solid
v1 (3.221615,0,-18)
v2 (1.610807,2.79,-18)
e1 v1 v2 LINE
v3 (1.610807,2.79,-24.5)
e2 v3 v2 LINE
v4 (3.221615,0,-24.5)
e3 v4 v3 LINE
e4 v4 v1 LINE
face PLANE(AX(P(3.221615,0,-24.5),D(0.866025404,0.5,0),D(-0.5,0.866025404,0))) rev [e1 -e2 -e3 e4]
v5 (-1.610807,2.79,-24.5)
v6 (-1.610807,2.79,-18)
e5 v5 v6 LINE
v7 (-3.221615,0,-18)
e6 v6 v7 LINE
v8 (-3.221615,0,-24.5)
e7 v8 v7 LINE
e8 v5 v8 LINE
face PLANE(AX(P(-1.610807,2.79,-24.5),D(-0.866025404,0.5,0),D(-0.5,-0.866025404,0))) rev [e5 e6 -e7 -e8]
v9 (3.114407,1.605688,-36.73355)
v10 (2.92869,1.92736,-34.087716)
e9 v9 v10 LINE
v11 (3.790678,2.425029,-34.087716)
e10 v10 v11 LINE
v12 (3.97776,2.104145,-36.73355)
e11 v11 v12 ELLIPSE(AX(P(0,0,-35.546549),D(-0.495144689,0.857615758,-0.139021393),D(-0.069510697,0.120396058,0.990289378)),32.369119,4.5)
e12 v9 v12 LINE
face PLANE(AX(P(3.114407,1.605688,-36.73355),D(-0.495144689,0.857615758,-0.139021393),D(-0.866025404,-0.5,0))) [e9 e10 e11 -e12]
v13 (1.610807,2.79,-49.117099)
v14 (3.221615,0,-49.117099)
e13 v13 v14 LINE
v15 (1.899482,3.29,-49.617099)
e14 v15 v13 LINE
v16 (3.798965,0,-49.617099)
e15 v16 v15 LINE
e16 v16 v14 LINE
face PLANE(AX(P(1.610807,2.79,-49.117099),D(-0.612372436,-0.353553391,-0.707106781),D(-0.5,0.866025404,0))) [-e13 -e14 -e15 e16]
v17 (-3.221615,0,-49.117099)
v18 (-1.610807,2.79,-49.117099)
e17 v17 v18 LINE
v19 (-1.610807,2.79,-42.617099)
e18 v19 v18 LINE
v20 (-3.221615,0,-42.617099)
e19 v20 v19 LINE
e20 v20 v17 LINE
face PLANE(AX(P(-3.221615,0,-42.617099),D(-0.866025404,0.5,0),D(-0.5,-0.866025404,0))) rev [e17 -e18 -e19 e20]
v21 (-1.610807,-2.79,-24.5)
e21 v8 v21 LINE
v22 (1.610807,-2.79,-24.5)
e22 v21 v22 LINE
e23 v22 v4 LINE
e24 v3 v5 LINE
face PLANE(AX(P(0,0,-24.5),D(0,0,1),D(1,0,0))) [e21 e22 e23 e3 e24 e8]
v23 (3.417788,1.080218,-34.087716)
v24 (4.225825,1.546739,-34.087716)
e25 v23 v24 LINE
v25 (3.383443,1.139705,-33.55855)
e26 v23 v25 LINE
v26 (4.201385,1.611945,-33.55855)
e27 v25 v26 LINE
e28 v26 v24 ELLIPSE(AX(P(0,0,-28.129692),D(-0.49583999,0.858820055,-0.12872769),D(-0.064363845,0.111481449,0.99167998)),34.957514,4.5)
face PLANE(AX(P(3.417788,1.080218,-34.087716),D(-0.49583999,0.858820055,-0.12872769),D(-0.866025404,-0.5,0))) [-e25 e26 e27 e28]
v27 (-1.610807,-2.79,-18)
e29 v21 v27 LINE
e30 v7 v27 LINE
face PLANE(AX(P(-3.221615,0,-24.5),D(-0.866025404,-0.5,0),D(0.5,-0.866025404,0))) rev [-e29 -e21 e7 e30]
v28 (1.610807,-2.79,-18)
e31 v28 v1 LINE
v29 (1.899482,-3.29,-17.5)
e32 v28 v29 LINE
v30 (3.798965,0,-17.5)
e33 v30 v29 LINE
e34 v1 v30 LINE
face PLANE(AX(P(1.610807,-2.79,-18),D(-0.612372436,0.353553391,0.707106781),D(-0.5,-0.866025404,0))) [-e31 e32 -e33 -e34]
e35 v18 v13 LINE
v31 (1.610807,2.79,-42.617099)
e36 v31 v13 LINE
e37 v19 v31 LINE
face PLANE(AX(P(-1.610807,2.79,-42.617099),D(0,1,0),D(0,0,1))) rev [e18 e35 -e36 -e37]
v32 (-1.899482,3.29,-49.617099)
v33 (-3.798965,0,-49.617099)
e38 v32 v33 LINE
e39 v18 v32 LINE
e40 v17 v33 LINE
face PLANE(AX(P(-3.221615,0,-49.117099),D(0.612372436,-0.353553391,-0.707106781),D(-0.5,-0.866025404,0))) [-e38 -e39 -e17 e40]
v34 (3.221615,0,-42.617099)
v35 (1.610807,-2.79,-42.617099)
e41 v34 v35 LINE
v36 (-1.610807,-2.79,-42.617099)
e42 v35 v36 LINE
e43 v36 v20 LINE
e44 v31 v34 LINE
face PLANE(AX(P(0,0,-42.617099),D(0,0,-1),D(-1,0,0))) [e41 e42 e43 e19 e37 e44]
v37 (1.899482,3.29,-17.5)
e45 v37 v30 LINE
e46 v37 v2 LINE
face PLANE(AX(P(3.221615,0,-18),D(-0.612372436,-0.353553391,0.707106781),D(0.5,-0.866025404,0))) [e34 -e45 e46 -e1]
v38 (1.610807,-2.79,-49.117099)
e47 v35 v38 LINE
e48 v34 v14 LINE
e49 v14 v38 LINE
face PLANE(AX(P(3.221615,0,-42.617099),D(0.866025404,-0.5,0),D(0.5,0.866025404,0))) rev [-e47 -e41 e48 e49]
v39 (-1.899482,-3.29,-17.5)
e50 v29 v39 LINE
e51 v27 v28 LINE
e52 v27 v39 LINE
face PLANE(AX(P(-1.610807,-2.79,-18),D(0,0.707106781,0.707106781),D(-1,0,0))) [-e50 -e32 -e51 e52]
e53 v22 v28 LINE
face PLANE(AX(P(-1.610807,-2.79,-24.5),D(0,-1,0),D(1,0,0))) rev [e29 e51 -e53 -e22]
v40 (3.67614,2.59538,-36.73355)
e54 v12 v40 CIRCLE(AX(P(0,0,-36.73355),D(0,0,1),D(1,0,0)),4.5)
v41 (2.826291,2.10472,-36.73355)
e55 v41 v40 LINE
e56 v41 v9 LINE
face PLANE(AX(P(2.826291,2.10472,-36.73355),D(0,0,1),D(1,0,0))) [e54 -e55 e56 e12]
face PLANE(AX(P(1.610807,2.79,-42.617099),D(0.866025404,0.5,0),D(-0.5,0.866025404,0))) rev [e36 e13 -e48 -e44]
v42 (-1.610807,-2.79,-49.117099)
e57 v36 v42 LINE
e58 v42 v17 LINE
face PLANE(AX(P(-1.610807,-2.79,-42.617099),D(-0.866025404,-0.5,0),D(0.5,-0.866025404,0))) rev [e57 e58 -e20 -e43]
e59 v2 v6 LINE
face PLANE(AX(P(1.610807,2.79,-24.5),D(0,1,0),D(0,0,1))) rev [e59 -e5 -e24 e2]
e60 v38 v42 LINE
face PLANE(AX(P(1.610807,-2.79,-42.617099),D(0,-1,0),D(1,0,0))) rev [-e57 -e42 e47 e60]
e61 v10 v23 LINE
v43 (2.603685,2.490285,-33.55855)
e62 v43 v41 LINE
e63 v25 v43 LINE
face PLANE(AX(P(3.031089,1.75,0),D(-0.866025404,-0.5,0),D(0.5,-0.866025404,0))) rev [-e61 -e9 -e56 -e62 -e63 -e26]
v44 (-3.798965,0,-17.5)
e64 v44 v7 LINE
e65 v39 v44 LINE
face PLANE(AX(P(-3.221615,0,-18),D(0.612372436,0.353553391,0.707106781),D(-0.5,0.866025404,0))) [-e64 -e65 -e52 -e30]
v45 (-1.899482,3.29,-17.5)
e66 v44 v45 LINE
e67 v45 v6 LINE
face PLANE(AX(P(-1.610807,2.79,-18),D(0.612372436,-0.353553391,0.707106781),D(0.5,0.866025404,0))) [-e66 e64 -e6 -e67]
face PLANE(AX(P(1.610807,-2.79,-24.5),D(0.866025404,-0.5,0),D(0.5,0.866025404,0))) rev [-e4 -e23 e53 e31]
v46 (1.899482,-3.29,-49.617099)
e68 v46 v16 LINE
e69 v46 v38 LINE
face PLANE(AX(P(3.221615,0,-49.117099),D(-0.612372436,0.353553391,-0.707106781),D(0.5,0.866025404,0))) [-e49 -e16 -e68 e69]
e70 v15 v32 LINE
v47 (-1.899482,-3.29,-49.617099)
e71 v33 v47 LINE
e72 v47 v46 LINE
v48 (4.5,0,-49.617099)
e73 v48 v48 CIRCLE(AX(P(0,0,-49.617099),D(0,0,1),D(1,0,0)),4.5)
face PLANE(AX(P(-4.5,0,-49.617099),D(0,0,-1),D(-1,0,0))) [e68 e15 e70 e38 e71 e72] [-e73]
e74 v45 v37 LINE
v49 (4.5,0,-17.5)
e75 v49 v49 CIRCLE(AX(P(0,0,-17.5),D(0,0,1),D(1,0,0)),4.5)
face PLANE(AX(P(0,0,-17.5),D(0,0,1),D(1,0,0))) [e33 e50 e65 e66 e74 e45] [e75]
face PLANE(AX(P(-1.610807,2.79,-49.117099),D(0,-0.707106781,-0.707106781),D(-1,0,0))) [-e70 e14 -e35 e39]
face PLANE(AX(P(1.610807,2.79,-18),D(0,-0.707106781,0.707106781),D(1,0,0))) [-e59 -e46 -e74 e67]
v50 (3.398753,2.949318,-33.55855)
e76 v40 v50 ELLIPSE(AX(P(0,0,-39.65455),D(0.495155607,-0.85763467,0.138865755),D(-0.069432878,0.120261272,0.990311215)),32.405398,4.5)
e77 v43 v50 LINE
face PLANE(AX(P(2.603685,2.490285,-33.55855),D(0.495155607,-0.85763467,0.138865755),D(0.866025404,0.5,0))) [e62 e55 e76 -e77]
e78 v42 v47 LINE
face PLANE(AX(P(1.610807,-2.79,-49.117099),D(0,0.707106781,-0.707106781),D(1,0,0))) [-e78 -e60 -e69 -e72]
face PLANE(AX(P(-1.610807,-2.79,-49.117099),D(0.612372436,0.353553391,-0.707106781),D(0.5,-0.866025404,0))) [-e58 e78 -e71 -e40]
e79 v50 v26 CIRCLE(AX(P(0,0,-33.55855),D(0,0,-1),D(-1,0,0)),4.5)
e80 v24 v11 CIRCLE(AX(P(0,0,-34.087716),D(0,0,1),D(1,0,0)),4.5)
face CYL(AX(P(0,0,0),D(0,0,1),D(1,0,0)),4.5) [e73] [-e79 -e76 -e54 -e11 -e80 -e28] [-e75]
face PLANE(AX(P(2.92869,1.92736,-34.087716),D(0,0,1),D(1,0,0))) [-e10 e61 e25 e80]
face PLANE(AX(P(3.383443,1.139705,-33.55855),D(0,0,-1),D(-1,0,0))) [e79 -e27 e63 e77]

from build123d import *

# Parameters (mm, degrees)
SKETCH1_W          = 4.5
SKETCH1_H          = 32.11709914
CUT_EXTRUDE1_DEPTH = 7
CUT_EXTRUDE2_DEPTH = 7
CHAMFER1_SIZE      = 0.5
CUT_EXTRUDE3_DEPTH = 1


with BuildPart() as part:
    # Sketch1 → Revolve-Thin1 (revolve)
    with BuildSketch(Plane(origin=(0, 0, 0), x_dir=(1, 0, 0), z_dir=(0, 1, 0))):
        with Locations((2.25, 33.55854957)):
            Rectangle(SKETCH1_W, SKETCH1_H)
    revolve(axis=Axis((0, 0, 0), (0, 0, -1)))

    # Sketch2 → Cut-Extrude1 (cut)
    with BuildSketch(Plane.XY.offset(-17.5)):
        Polygon((1.610807251, 2.79), (-1.610807251, 2.79), (-3.221614502, 0), (-1.610807251, -2.79), (1.610807251, -2.79), (3.221614502, 0), align=None)
    extrude(amount=-CUT_EXTRUDE1_DEPTH, mode=Mode.SUBTRACT)

    # Sketch3 → Cut-Extrude2 (cut)
    with BuildSketch(Plane(origin=(0, 0, -49.61709914), x_dir=(-1, 0, 0), z_dir=(0, 0, -1))):
        Polygon((1.610807251, 2.79), (-1.610807251, 2.79), (-3.221614502, 0), (-1.610807251, -2.79), (1.610807251, -2.79), (3.221614502, 0), align=None)
    extrude(amount=-CUT_EXTRUDE2_DEPTH, mode=Mode.SUBTRACT)

    # Chamfer1
    chamfer1_edges = [part.edges().sort_by_distance(p)[0] for p in [
        (2.416210877, 1.395, -17.5),
        (0, 2.79, -17.5),
        (-2.416210877, 1.395, -17.5),
        (-2.416210877, -1.395, -17.5),
        (0, -2.79, -17.5),
        (2.416210877, -1.395, -17.5),
        (-2.416210877, 1.395, -49.61709914),
        (0, 2.79, -49.61709914),
        (2.416210877, 1.395, -49.61709914),
        (2.416210877, -1.395, -49.61709914),
        (0, -2.79, -49.61709914),
        (-2.416210877, -1.395, -49.61709914),
    ]]
    chamfer(chamfer1_edges, length=CHAMFER1_SIZE)

    # Sketch4 → Cut-Extrude3 (cut)
    with BuildSketch(Plane(origin=(3.897114317, 2.25, 0), x_dir=(0, 0, -1), z_dir=(0.866025404, 0.5, 0))):
        Polygon((36.73354957, 0.409595353), (36.73354957, -0.166636619), (34.087716237, 0.204797676), (34.087716237, -0.773397436), (33.55854957, -0.704707532), (33.55854957, 0.854807692), align=None)
    extrude(amount=-CUT_EXTRUDE3_DEPTH, mode=Mode.SUBTRACT)


solid = part.part
